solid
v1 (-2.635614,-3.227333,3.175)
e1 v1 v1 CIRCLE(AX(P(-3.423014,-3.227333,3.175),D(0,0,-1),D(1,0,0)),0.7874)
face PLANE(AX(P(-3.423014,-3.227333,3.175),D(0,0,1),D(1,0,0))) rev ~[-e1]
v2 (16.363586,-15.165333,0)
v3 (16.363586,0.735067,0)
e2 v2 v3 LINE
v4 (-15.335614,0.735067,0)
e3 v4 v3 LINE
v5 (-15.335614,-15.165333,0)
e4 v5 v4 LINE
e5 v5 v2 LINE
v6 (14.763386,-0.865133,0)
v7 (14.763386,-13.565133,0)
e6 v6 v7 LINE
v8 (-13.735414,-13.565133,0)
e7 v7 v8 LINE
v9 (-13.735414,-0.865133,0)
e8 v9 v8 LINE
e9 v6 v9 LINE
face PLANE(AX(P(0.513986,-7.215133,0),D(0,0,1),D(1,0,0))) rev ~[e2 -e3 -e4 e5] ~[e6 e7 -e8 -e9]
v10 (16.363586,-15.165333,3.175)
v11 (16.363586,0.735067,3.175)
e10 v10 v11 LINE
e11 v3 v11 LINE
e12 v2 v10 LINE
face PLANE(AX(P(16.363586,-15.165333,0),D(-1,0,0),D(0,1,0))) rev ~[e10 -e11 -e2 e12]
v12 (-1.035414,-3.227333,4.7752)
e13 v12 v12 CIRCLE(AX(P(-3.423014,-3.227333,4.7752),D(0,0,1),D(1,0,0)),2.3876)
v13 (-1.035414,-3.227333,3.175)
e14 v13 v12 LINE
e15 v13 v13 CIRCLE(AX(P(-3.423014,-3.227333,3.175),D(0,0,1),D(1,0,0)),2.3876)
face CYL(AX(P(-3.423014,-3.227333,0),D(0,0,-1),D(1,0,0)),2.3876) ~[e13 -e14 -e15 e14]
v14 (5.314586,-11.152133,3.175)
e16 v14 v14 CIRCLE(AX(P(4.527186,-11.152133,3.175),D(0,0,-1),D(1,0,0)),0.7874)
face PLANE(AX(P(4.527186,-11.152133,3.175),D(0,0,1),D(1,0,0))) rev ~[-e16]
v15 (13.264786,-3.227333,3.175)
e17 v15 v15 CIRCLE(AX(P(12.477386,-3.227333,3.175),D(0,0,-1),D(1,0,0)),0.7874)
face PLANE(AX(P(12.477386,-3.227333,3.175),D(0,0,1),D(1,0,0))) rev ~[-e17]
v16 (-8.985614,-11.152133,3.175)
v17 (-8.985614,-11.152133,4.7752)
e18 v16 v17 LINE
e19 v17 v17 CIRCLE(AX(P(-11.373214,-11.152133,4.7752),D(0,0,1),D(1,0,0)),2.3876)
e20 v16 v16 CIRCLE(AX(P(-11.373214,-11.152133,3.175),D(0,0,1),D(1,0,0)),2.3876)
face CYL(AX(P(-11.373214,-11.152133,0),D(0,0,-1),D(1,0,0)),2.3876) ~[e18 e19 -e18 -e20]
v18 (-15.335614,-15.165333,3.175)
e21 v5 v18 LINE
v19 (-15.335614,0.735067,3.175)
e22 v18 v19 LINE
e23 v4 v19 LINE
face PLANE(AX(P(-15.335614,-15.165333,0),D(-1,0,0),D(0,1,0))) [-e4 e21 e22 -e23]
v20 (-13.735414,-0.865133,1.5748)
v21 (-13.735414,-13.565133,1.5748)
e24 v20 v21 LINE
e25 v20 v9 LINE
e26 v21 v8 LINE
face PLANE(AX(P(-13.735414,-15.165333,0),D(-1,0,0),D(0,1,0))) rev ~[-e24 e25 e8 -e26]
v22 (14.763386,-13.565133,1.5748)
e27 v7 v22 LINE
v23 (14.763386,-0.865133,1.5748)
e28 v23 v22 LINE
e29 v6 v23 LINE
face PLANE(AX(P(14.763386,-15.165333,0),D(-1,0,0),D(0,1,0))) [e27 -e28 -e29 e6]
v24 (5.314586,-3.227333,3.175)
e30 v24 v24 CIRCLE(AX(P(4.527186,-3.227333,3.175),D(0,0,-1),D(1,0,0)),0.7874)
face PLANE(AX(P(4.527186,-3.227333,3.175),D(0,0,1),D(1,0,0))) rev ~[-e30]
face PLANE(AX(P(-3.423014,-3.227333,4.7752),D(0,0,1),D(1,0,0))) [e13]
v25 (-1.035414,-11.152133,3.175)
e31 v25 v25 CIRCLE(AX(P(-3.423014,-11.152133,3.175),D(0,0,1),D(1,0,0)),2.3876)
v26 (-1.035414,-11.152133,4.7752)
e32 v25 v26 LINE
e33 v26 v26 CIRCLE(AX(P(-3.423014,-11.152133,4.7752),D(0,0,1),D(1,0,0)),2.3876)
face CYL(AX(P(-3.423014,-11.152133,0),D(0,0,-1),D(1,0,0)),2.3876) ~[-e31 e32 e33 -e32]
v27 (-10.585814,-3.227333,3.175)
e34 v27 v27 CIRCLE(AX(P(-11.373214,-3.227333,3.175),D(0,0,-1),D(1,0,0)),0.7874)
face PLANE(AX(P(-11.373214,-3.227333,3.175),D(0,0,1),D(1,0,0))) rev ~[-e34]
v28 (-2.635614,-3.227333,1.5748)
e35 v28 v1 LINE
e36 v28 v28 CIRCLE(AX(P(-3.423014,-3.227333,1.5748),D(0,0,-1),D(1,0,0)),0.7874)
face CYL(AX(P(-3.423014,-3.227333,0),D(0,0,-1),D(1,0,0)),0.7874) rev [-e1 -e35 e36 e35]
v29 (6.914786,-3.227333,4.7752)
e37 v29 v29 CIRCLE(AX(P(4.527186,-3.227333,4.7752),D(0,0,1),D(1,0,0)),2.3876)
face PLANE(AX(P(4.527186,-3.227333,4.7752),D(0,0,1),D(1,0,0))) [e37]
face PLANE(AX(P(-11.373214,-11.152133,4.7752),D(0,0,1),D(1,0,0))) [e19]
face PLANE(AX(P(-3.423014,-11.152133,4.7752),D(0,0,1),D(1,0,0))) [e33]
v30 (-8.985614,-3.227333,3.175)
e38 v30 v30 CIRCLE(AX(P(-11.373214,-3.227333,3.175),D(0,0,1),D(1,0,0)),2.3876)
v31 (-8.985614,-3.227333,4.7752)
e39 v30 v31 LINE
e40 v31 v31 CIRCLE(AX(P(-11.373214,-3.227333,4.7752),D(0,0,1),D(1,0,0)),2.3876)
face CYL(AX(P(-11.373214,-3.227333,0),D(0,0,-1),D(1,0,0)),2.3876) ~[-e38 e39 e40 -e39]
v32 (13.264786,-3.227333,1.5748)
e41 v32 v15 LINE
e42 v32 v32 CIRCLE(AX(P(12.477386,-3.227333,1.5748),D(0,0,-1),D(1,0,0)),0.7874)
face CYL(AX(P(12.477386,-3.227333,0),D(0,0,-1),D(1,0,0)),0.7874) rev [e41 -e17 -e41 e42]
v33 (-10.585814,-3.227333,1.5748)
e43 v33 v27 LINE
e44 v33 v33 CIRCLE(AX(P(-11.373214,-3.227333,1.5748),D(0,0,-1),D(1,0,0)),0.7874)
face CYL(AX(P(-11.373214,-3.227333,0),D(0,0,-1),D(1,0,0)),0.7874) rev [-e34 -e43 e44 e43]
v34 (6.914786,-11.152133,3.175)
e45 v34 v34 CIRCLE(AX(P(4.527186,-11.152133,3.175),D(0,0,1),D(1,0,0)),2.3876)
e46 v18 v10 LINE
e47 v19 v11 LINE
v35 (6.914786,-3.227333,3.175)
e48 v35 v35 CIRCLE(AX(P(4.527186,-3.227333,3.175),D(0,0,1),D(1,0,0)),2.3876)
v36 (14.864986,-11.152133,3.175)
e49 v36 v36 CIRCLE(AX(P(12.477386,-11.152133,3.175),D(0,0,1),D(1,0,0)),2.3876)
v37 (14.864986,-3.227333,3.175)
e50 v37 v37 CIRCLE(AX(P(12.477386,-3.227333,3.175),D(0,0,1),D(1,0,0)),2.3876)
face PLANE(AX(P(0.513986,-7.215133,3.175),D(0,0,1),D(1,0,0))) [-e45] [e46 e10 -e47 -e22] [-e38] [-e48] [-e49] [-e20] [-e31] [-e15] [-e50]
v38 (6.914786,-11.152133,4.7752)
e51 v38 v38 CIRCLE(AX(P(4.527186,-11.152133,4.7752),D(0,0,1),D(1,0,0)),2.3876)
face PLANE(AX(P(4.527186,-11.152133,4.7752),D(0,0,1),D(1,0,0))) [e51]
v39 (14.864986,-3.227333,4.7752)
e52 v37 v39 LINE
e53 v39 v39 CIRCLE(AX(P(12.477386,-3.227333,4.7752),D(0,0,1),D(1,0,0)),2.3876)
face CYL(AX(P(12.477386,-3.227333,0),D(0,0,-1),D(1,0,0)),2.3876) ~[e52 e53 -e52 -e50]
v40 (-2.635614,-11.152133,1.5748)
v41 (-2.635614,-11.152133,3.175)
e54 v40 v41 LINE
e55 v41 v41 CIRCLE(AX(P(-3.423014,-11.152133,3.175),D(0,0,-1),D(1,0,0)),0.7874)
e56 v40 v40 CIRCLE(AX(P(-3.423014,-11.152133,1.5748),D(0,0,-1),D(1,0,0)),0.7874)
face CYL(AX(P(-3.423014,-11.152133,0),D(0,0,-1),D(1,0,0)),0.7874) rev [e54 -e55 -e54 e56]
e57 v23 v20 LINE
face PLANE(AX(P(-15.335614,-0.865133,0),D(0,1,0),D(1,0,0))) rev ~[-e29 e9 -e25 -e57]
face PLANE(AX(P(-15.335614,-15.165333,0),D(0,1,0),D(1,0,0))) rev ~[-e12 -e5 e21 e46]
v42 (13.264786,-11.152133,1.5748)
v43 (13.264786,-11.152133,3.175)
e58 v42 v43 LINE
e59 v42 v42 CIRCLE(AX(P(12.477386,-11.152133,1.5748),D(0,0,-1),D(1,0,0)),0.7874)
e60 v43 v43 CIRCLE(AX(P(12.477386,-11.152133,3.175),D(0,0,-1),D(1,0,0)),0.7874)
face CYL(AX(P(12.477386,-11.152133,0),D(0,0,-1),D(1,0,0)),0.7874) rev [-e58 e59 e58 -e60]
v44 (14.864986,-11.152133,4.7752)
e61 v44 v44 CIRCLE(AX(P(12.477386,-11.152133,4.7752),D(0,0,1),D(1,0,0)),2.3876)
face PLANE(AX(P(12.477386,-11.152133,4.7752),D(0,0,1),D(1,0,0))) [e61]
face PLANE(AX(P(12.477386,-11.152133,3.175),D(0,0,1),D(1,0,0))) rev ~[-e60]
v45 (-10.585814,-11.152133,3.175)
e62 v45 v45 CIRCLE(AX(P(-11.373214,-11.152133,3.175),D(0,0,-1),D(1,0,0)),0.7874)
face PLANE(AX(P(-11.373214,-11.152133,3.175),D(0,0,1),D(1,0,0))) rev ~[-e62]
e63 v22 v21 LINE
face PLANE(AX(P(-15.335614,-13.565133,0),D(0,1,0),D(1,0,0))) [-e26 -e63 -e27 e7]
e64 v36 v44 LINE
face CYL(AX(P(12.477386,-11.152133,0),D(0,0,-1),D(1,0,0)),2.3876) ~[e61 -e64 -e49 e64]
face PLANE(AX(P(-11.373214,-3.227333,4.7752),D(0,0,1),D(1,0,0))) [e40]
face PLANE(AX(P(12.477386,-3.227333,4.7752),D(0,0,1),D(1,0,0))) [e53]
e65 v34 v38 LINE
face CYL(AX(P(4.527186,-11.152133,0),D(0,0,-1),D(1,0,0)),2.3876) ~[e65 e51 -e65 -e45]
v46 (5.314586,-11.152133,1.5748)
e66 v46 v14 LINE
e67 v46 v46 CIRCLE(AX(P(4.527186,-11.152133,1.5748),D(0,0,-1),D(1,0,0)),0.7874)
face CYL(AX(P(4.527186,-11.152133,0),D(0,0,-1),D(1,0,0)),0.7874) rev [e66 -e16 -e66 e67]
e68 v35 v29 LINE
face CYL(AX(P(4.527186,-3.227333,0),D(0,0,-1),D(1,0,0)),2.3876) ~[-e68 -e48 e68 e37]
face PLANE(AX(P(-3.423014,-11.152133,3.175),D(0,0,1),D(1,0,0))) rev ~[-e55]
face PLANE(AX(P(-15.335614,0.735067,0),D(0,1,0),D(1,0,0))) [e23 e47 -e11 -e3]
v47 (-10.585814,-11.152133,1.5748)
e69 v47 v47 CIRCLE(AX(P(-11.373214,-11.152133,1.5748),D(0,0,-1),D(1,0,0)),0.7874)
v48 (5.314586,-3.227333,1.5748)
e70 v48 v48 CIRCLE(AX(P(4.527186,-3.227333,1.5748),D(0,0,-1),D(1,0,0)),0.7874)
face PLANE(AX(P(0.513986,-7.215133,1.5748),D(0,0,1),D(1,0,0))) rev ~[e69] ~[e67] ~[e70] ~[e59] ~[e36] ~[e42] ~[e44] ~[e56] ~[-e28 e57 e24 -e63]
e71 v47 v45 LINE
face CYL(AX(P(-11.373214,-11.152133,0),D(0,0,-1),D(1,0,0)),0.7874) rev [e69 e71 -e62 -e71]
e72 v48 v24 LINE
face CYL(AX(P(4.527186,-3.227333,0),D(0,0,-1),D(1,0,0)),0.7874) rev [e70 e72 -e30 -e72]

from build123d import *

# Parameters (mm, degrees)
F0_W     = 31.6992
F0_H     = 15.9004
F0_R     = 2.3876
F1_DEPTH = 3.175
F2_DEPTH = 4.7752
F3_T     = -1.6002


with BuildPart() as f1:
    # F0 (on Top) → F1 (new body)
    with BuildSketch(Plane.XY):
        with Locations((0.5139857531, -7.2151332219)):
            Rectangle(F0_W, F0_H)
        with Locations((-11.3732142469, -11.1521332219)):
            Circle(F0_R, mode=Mode.SUBTRACT)
        with Locations((-3.4230142469, -11.1521332219)):
            Circle(F0_R, mode=Mode.SUBTRACT)
        with Locations((4.5271857531, -11.1521332219)):
            Circle(F0_R, mode=Mode.SUBTRACT)
        with Locations((12.4773857531, -11.1521332219)):
            Circle(F0_R, mode=Mode.SUBTRACT)
        with Locations((-11.3732142469, -3.2273332219)):
            Circle(F0_R, mode=Mode.SUBTRACT)
        with Locations((-3.4230142469, -3.2273332219)):
            Circle(F0_R, mode=Mode.SUBTRACT)
        with Locations((4.5271857531, -3.2273332219)):
            Circle(F0_R, mode=Mode.SUBTRACT)
        with Locations((12.4773857531, -3.2273332219)):
            Circle(F0_R, mode=Mode.SUBTRACT)
    extrude(amount=F1_DEPTH)

    # F0 (on Top) → F2 (join)
    with BuildSketch(Plane.XY):
        with Locations((-11.3732142469, -3.2273332219)):
            Circle(F0_R)
        with Locations((-3.4230142469, -3.2273332219)):
            Circle(F0_R)
        with Locations((4.5271857531, -3.2273332219)):
            Circle(F0_R)
        with Locations((12.4773857531, -3.2273332219)):
            Circle(F0_R)
        with Locations((12.4773857531, -11.1521332219)):
            Circle(F0_R)
        with Locations((4.5271857531, -11.1521332219)):
            Circle(F0_R)
        with Locations((-3.4230142469, -11.1521332219)):
            Circle(F0_R)
        with Locations((-11.3732142469, -11.1521332219)):
            Circle(F0_R)
    extrude(amount=F2_DEPTH)

    # F3
    f3_openings = [f1.faces().sort_by_distance(p)[0] for p in [
        (0.513986, -7.215133, 0),
    ]]
    offset(amount=F3_T, openings=f3_openings, kind=Kind.INTERSECTION)


solid = f1.part
